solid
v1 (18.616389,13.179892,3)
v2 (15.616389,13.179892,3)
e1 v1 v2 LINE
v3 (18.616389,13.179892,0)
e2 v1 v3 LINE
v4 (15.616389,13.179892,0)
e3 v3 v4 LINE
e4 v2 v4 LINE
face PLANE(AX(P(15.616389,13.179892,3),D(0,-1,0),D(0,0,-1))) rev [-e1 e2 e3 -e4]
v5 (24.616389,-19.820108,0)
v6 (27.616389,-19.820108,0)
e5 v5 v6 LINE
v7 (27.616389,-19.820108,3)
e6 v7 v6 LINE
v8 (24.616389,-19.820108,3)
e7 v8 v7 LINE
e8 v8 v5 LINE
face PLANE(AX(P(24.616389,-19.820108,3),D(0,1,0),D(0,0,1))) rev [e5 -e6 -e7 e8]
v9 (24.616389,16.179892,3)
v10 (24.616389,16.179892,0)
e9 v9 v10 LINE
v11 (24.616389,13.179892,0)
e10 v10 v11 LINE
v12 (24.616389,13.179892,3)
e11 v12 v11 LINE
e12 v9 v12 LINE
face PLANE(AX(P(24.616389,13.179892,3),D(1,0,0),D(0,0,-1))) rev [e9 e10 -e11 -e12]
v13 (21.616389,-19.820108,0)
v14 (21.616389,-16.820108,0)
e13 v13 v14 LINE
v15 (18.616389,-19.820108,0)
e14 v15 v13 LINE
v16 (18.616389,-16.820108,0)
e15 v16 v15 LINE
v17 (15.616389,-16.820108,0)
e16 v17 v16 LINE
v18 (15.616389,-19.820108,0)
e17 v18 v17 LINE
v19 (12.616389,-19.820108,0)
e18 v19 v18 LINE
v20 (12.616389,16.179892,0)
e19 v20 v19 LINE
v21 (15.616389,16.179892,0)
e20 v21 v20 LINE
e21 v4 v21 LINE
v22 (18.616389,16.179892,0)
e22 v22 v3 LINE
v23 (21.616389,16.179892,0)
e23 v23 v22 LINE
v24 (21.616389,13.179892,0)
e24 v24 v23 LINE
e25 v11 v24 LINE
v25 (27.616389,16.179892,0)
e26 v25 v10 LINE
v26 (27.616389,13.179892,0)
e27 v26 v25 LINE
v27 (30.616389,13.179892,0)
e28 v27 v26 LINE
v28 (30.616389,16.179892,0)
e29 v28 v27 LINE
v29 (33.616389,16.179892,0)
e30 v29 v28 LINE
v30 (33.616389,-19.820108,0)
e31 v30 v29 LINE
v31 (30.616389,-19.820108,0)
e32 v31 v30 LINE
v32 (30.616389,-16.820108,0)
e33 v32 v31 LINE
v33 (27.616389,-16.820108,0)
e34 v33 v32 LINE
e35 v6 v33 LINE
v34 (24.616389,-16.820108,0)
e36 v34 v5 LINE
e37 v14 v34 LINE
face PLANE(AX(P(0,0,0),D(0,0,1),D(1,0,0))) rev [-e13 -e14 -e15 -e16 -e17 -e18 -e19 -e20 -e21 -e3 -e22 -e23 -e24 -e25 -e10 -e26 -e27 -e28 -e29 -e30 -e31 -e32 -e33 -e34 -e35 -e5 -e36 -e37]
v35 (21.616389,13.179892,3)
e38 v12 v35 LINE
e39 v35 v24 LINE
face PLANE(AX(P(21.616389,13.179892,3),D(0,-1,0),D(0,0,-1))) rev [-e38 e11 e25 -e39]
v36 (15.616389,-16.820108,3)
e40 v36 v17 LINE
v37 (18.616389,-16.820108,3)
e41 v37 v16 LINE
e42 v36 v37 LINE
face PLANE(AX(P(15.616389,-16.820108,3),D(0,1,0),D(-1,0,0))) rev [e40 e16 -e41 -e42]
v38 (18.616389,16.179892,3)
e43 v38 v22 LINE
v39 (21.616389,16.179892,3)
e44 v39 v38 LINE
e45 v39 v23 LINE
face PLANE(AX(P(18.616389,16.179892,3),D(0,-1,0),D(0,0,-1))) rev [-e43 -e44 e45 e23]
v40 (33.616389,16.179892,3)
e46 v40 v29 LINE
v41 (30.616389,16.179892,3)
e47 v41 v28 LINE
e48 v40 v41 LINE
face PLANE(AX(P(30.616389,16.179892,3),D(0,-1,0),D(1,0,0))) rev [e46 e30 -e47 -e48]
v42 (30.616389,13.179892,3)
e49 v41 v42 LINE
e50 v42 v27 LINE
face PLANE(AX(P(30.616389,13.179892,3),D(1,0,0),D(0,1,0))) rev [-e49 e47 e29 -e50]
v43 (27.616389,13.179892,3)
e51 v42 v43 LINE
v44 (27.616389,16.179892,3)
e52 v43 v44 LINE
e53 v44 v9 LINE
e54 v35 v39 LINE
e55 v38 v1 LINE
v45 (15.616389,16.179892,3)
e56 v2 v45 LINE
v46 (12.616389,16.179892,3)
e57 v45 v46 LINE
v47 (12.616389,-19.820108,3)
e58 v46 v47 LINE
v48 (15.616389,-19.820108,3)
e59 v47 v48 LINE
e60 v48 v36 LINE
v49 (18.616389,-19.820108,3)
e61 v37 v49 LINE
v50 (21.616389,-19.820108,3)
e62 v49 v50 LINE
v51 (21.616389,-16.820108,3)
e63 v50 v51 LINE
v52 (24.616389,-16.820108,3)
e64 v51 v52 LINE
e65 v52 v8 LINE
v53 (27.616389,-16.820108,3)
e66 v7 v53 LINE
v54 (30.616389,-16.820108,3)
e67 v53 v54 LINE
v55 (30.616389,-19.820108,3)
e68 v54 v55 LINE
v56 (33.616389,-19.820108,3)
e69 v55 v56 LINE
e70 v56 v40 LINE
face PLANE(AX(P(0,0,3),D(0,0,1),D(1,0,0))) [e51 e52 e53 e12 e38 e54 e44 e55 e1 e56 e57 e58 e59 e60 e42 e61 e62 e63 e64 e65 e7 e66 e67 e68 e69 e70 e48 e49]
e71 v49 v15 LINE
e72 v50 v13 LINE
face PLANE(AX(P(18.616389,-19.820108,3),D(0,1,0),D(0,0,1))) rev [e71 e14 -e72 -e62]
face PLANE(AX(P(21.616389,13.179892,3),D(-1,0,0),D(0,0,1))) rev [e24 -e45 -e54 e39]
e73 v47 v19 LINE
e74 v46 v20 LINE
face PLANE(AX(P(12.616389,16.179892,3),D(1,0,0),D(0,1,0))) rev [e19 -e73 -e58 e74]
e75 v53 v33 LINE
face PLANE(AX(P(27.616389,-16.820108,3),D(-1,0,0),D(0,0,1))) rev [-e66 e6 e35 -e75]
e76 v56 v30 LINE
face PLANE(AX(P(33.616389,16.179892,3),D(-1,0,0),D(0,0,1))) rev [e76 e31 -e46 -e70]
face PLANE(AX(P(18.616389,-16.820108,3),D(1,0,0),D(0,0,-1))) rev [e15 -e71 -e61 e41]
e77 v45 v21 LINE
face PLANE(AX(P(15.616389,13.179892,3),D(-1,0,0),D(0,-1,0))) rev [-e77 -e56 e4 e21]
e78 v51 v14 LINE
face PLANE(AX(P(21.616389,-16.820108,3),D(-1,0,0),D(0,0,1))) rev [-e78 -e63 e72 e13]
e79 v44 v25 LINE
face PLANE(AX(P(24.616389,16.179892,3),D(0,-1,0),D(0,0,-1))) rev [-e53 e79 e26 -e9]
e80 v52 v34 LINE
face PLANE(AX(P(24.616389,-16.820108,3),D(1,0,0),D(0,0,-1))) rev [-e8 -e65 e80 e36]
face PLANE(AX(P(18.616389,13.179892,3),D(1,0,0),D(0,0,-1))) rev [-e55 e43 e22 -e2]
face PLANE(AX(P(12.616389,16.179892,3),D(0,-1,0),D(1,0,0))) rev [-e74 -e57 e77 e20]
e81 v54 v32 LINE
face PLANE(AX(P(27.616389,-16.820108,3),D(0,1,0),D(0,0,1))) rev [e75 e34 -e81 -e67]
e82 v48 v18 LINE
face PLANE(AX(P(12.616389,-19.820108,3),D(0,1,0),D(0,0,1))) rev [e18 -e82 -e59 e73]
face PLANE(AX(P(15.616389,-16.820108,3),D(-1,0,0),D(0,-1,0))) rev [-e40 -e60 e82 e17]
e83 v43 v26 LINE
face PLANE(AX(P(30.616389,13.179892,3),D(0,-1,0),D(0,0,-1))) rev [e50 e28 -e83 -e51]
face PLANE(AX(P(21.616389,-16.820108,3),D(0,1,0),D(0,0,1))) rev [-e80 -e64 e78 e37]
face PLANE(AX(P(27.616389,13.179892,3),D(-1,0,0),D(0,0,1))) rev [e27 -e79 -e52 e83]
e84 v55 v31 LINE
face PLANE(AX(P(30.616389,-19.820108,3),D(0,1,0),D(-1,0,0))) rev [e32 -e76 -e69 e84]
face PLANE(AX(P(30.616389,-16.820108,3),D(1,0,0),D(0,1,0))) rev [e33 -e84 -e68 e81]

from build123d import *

# Parameters (mm, degrees)
BOSS_EXTRUDE1_DEPTH = 3


with BuildPart() as part:
    # Sketch1 → Boss-Extrude1 (new body)
    with BuildSketch(Plane.XY):
        Polygon((12.616389134, 16.179892371), (15.616389134, 16.179892371), (15.616389134, 13.179892371), (18.616389134, 13.179892371), (18.616389134, 16.179892371), (21.616389134, 16.179892371), (21.616389134, 13.179892371), (24.616389134, 13.179892371), (24.616389134, 16.179892371), (27.616389134, 16.179892371), (27.616389134, 13.179892371), (30.616389134, 13.179892371), (30.616389134, 16.179892371), (33.616389134, 16.179892371), (33.616389134, -19.820107629), (30.616389134, -19.820107629), (30.616389134, -16.820107629), (27.616389134, -16.820107629), (27.616389134, -19.820107629), (24.616389134, -19.820107629), (24.616389134, -16.820107629), (21.616389134, -16.820107629), (21.616389134, -19.820107629), (18.616389134, -19.820107629), (18.616389134, -16.820107629), (15.616389134, -16.820107629), (15.616389134, -19.820107629), (12.616389134, -19.820107629), align=None)
    extrude(amount=BOSS_EXTRUDE1_DEPTH)


solid = part.part
